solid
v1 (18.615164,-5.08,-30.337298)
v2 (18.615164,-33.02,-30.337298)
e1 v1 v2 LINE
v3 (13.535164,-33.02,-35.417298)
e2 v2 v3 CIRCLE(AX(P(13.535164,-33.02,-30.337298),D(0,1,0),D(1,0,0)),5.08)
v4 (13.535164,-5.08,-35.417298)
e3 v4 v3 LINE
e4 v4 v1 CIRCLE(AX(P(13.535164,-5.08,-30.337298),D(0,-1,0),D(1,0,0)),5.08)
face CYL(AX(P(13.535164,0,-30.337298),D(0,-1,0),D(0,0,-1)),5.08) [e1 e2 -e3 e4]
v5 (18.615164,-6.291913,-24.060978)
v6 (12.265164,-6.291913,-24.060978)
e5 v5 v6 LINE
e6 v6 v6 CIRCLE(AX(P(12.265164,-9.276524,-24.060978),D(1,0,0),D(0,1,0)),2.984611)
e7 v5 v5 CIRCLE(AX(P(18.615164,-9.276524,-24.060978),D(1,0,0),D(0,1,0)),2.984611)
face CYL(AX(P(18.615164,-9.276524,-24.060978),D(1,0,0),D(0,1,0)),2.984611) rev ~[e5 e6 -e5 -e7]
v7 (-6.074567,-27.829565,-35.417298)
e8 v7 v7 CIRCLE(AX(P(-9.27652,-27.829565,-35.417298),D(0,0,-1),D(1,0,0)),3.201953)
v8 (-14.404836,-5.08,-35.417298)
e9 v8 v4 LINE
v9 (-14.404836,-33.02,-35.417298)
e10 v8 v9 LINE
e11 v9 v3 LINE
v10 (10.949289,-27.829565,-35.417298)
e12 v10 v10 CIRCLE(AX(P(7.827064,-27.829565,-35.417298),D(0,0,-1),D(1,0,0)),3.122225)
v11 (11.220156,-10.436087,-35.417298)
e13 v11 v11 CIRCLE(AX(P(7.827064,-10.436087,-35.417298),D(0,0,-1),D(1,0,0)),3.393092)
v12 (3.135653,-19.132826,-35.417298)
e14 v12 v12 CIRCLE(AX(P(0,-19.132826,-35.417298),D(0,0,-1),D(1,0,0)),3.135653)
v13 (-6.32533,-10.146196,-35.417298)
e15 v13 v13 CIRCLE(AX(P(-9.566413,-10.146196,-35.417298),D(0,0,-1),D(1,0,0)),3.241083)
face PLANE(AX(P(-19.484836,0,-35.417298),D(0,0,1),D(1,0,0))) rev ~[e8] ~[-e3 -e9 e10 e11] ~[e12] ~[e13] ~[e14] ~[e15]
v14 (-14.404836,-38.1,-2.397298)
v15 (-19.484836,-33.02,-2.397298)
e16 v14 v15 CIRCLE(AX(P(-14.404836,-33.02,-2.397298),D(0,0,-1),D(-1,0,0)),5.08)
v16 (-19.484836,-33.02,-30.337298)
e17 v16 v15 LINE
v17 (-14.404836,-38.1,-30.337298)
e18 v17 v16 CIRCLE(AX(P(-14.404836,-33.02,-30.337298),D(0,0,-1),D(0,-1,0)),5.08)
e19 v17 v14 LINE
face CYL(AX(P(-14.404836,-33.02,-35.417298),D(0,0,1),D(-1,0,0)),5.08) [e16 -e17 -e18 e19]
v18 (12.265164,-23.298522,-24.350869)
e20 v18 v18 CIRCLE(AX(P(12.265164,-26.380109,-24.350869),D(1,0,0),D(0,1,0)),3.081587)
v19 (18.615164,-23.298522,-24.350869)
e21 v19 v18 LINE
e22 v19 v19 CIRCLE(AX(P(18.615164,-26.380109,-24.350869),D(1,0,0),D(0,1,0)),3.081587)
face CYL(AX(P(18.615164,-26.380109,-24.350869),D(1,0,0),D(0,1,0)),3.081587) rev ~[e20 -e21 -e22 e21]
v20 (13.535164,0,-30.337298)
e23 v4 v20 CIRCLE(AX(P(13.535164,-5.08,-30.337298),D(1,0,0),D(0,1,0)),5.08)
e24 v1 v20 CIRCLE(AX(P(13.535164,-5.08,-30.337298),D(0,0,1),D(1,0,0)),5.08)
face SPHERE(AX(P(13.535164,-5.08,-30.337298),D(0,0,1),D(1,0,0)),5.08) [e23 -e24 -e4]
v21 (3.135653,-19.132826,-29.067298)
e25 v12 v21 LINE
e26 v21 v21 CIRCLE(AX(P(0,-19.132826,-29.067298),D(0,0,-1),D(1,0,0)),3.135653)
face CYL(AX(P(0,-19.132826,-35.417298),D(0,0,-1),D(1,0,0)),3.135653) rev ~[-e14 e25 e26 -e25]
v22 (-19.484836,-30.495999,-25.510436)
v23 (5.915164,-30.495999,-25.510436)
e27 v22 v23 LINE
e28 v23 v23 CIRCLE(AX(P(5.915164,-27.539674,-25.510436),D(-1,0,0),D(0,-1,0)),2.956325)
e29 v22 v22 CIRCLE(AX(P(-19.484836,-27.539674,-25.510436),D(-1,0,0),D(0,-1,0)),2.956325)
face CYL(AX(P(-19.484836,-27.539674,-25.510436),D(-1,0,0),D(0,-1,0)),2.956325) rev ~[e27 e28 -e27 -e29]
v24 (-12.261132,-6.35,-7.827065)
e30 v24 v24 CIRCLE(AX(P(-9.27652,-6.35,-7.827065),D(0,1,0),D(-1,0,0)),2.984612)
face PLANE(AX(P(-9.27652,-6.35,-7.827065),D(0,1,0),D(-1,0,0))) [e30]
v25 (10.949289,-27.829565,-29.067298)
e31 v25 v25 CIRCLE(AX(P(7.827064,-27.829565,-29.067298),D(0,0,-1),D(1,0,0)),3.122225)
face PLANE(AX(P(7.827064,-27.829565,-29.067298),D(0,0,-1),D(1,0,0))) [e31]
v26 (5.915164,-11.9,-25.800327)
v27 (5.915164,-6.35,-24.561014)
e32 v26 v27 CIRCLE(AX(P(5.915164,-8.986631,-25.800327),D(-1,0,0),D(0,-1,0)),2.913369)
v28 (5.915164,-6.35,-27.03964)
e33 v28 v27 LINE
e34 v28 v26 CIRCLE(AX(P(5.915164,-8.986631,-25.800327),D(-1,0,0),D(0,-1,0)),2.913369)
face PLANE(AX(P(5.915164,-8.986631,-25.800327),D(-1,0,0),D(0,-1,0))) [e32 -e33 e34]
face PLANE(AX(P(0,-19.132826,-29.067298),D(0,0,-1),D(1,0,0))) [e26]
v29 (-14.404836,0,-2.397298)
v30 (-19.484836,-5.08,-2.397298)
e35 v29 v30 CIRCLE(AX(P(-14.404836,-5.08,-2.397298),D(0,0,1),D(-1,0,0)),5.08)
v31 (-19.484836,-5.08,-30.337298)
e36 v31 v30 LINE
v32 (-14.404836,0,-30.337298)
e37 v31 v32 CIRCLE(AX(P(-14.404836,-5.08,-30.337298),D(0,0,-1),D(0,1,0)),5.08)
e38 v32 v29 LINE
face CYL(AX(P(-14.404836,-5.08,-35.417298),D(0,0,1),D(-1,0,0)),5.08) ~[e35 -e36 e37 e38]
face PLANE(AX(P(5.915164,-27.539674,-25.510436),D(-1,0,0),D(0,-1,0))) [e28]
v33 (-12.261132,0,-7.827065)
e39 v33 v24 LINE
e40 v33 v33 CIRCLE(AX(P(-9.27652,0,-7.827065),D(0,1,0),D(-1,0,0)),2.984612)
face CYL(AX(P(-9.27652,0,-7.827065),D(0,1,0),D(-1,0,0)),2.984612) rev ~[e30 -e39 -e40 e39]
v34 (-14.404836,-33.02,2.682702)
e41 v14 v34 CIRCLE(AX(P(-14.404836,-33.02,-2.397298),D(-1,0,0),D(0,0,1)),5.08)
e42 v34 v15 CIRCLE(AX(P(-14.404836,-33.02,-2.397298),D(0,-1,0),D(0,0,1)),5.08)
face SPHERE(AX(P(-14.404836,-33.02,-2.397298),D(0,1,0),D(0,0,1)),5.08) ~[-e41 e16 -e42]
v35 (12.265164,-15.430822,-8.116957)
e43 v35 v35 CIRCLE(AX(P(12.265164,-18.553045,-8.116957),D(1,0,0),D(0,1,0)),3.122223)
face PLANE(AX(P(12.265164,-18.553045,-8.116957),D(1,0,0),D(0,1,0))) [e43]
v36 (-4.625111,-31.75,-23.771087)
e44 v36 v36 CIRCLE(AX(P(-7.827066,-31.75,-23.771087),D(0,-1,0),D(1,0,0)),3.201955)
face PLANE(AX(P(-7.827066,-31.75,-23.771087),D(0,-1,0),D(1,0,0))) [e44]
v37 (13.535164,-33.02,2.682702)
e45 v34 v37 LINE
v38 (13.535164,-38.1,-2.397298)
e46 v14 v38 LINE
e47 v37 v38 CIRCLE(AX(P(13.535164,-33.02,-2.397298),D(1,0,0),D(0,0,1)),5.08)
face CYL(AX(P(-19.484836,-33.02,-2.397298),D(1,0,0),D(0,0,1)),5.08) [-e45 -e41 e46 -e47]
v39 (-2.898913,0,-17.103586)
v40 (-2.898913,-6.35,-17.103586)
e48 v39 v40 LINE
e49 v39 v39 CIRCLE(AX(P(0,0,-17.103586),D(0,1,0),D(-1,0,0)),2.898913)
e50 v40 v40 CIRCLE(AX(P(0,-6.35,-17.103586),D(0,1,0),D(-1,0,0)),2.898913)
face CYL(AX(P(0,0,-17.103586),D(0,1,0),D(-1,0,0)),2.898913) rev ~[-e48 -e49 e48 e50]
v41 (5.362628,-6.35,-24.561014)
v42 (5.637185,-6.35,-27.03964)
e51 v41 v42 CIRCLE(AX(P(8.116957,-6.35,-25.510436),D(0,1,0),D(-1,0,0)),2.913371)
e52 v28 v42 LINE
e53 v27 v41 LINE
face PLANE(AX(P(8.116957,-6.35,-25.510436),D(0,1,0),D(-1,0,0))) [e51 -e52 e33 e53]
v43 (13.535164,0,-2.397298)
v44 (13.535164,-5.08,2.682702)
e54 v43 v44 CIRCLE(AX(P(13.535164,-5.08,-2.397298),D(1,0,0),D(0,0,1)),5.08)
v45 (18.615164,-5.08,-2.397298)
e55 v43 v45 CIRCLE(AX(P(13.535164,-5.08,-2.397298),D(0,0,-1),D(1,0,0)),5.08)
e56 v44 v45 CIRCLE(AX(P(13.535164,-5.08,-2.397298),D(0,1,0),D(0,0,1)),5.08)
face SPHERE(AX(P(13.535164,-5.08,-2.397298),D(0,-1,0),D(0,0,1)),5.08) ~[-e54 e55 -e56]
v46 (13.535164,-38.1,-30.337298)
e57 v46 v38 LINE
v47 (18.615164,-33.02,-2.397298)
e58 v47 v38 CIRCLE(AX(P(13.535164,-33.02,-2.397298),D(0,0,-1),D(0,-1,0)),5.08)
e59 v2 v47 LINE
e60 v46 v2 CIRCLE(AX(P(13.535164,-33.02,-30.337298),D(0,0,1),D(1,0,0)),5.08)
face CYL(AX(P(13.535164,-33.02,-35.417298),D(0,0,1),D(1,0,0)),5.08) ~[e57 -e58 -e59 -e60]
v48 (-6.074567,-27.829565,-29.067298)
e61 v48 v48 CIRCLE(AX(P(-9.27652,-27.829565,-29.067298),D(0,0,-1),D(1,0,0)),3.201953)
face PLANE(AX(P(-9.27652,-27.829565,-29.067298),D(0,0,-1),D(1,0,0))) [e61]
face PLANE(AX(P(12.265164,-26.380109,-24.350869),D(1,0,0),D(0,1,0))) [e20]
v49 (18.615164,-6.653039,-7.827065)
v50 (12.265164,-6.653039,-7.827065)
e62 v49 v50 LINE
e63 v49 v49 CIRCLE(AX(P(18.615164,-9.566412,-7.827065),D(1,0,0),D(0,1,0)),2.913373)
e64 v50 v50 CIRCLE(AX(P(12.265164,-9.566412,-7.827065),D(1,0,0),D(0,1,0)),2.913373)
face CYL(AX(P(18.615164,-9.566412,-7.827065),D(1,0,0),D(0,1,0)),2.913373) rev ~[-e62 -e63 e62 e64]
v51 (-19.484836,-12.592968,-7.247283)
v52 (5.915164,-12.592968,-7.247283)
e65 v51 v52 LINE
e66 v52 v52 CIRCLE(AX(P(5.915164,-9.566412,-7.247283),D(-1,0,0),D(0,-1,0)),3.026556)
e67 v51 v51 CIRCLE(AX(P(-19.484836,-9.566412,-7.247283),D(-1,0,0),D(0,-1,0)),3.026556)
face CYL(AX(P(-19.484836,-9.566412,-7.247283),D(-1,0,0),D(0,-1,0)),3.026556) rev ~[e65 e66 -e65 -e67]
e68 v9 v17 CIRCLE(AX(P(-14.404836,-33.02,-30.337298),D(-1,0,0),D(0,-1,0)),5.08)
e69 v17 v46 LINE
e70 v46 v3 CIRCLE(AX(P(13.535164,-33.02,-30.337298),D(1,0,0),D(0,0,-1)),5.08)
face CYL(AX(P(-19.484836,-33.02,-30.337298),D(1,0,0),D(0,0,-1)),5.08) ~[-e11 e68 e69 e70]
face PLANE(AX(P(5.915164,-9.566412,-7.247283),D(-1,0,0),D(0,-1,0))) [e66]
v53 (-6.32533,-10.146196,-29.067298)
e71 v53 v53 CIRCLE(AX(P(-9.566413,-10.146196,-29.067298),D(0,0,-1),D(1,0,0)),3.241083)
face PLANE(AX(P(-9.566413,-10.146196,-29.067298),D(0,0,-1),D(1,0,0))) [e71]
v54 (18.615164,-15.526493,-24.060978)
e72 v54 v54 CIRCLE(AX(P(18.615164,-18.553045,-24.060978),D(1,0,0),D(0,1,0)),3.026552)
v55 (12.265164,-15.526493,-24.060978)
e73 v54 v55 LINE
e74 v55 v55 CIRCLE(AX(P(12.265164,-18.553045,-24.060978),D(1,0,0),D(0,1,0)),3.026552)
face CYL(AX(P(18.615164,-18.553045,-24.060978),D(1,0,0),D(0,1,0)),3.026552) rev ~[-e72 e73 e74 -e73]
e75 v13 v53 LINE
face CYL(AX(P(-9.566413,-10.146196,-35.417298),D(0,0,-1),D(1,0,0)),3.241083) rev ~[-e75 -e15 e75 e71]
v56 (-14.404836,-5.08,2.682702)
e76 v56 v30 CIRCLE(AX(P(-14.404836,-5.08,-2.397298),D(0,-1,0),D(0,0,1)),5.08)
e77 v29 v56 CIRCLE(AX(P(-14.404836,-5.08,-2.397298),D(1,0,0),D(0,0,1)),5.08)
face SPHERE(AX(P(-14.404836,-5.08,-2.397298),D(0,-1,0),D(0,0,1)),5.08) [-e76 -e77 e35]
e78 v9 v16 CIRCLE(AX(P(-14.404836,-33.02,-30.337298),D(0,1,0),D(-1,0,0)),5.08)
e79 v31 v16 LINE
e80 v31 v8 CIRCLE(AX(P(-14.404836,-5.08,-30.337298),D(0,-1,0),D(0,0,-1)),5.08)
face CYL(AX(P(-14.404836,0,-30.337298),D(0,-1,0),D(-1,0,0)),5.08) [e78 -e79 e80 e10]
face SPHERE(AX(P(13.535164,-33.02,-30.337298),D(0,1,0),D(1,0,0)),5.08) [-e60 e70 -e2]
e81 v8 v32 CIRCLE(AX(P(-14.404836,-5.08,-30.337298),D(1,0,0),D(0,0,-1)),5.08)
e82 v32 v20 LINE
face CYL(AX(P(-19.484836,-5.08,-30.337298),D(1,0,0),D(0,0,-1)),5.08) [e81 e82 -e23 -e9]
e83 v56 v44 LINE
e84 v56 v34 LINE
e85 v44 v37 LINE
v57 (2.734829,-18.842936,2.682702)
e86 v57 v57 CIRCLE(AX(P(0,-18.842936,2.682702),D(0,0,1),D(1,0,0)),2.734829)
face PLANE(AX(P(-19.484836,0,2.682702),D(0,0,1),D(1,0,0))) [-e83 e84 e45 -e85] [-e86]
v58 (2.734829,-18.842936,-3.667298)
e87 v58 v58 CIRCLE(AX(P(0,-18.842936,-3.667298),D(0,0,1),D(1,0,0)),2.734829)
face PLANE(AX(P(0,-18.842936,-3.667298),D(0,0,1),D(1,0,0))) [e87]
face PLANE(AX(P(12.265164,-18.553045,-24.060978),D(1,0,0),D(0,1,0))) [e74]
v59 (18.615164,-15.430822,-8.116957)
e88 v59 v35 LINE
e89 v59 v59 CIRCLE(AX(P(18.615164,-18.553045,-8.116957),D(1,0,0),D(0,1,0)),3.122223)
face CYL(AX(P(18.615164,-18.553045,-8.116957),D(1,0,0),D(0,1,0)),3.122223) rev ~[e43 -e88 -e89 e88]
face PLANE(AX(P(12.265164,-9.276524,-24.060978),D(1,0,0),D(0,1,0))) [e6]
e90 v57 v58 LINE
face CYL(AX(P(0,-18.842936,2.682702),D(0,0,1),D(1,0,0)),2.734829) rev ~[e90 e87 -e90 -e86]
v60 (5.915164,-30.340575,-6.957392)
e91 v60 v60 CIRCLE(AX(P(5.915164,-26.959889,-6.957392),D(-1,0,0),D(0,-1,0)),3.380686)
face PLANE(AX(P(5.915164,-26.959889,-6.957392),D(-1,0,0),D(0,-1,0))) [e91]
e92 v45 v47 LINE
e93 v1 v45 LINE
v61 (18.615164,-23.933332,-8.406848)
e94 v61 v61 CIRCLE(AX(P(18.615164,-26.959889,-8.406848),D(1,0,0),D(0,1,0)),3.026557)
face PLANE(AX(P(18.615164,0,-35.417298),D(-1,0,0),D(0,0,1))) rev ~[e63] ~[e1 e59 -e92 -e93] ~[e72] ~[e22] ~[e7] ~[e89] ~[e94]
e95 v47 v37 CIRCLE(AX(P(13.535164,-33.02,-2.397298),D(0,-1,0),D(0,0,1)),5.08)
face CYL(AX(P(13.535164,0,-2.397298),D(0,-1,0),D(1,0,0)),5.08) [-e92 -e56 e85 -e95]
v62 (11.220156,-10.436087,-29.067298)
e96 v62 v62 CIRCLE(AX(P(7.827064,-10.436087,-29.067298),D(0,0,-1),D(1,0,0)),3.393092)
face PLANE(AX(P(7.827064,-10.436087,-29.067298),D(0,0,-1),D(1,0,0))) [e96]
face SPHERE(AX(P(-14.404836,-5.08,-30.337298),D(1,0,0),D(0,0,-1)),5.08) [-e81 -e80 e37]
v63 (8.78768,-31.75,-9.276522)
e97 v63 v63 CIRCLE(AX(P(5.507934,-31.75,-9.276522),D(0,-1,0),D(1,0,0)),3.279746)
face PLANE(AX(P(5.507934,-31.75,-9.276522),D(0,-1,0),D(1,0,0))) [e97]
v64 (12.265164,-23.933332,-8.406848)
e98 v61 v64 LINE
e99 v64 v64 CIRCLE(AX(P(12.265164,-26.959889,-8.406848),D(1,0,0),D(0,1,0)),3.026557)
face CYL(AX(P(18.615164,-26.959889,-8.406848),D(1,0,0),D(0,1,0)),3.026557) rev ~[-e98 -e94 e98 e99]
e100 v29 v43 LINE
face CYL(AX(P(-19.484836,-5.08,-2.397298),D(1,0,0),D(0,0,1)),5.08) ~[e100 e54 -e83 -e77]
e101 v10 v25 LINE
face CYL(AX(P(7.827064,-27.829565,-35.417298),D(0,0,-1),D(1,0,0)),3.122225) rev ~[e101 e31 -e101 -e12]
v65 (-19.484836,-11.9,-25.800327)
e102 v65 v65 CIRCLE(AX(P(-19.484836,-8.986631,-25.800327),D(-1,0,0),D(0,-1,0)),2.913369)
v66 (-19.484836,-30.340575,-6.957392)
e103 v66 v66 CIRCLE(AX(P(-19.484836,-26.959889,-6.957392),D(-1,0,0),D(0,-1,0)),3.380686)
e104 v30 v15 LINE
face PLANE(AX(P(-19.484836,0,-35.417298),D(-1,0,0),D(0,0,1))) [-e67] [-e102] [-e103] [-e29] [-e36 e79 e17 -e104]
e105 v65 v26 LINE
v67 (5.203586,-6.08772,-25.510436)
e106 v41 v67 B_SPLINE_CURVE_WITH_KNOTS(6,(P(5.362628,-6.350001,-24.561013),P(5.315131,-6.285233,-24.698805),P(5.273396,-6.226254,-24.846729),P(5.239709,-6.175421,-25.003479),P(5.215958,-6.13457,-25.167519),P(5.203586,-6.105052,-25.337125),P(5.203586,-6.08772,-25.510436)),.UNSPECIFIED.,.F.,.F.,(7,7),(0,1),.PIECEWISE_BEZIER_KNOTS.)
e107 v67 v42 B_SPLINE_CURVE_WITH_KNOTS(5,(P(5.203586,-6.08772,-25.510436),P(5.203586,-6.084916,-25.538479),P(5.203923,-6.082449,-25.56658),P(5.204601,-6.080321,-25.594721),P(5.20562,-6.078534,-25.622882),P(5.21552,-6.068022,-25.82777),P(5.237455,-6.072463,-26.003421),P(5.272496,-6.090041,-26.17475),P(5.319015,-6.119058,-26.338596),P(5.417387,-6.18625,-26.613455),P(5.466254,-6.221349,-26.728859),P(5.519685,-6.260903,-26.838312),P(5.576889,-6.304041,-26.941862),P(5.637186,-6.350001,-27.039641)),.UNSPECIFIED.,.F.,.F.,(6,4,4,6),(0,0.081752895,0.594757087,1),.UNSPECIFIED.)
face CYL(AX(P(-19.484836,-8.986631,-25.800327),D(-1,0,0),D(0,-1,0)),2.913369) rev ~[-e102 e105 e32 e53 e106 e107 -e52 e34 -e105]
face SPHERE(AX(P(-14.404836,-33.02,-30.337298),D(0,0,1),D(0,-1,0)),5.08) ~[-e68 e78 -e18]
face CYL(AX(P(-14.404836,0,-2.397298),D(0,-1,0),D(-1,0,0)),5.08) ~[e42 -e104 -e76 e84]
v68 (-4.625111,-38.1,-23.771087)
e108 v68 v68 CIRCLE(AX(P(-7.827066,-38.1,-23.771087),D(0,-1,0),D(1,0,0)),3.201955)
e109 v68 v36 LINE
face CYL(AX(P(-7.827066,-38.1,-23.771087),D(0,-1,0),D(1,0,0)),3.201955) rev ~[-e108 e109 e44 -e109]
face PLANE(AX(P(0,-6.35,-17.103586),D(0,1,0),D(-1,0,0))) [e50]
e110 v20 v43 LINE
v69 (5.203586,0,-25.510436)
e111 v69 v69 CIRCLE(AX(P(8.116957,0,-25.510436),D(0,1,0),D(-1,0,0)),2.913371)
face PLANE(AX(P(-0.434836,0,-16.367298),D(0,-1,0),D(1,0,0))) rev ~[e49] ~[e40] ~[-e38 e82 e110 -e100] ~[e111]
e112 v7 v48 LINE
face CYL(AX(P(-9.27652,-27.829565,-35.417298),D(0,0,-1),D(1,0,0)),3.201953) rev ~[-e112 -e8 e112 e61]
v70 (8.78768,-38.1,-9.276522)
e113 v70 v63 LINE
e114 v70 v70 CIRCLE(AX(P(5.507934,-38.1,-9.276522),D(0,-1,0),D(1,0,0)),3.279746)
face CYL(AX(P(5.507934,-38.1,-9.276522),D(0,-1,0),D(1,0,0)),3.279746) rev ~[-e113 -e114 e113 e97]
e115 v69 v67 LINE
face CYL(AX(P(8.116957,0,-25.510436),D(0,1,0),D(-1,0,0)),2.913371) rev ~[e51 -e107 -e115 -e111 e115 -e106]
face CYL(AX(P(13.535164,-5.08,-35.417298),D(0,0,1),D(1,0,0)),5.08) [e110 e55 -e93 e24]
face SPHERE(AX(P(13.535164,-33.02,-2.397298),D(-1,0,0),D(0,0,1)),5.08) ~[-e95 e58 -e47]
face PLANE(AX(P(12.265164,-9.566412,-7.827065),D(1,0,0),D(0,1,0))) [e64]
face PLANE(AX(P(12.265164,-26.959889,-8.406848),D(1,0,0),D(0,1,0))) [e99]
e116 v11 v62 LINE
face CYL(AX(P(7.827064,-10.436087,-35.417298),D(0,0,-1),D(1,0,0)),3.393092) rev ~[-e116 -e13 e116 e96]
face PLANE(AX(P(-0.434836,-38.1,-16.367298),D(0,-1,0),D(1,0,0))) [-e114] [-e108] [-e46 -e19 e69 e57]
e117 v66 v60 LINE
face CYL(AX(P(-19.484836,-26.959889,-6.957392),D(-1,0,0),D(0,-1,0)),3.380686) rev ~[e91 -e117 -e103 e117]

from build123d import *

# Parameters (mm, degrees)
F0_W      = 38.1
F0_H      = 38.1
F1_DEPTH  = 38.1
F2_R      = 5.08
F3_R      = 2.734829
F4_DEPTH  = 6.35
F5_R      = 3.201955
F5_R_2    = 3.279746
F6_DEPTH  = 6.35
F7_R      = 3.135653
F7_R_2    = 3.122225
F7_R_3    = 3.201953
F7_R_4    = 3.241083
F7_R_5    = 3.393092
F8_DEPTH  = 6.35
F9_R      = 2.898913
F9_R_2    = 2.984612
F9_R_3    = 2.913371
F10_DEPTH = 6.35
F11_R     = 3.026556
F11_R_2   = 2.956325
F11_R_3   = 3.380686
F11_R_4   = 2.913369
F12_DEPTH = 25.4
F13_R     = 3.026552
F13_R_2   = 3.122223
F13_R_3   = 3.026557
F13_R_4   = 3.081587
F13_R_5   = 2.984611
F13_R_6   = 2.913373
F14_DEPTH = 6.35


with BuildPart() as f1:
    # F0 (on Front) → F1 (new body)
    with BuildSketch(Plane.XZ):
        with Locations((-0.434836, -16.367298)):
            Rectangle(F0_W, F0_H)
    extrude(amount=F1_DEPTH)

    # F2
    f2_edges = [f1.edges().sort_by_distance(p)[0] for p in [
        (-19.484836, -19.05, 2.682702),
        (-0.434836, -38.1, 2.682702),
        (18.615164, -19.05, 2.682702),
        (-0.434836, 0, 2.682702),
        (18.615164, 0, -16.367298),
        (18.615164, -19.05, -35.417298),
        (-0.434836, 0, -35.417298),
        (18.615164, -38.1, -16.367298),
        (-19.484836, -38.1, -16.367298),
        (-0.434836, -38.1, -35.417298),
        (-19.484836, -19.05, -35.417298),
        (-19.484836, 0, -16.367298),
    ]]
    fillet(f2_edges, radius=F2_R)

    # F3 (on face) → F4 (cut)
    with BuildSketch(Plane.XY.offset(2.682702)):
        with Locations((0, -18.842936)):
            Circle(F3_R)
    extrude(amount=-F4_DEPTH, mode=Mode.SUBTRACT)

    # F5 (on face) → F6 (cut)
    with BuildSketch(Plane.XZ.offset(38.1)):
        with Locations((-7.827066, -23.771087)):
            Circle(F5_R)
        with Locations((5.507934, -9.276522)):
            Circle(F5_R_2)
    extrude(amount=-F6_DEPTH, mode=Mode.SUBTRACT)

    # F7 (on face) → F8 (cut)
    with BuildSketch(Plane(origin=(0, 0, -35.417298), x_dir=(1, 0, 0), z_dir=(0, 0, -1))):
        with Locations((0, 19.132826)):
            Circle(F7_R)
        with Locations((7.827064, 27.829565)):
            Circle(F7_R_2)
        with Locations((-9.27652, 27.829565)):
            Circle(F7_R_3)
        with Locations((-9.566413, 10.146196)):
            Circle(F7_R_4)
        with Locations((7.827064, 10.436087)):
            Circle(F7_R_5)
    extrude(amount=-F8_DEPTH, mode=Mode.SUBTRACT)

    # F9 (on face) → F10 (cut)
    with BuildSketch(Plane(origin=(0, 0, 0), x_dir=(-1, 0, 0), z_dir=(0, 1, 0))):
        with Locations((0, -17.103586)):
            Circle(F9_R)
        with Locations((9.27652, -7.827065)):
            Circle(F9_R_2)
        with Locations((-8.116957, -25.510436)):
            Circle(F9_R_3)
    extrude(amount=-F10_DEPTH, mode=Mode.SUBTRACT)

    # F11 (on face) → F12 (cut)
    with BuildSketch(Plane(origin=(-19.484836, 0, 0), x_dir=(0, -1, 0), z_dir=(-1, 0, 0))):
        with Locations((9.566412, -7.247283)):
            Circle(F11_R)
        with Locations((27.539674, -25.510436)):
            Circle(F11_R_2)
        with Locations((26.959889, -6.957392)):
            Circle(F11_R_3)
        with Locations((8.986631, -25.800327)):
            Circle(F11_R_4)
    extrude(amount=-F12_DEPTH, mode=Mode.SUBTRACT)

    # F13 (on face) → F14 (cut)
    with BuildSketch(Plane.YZ.offset(18.615164)):
        with Locations((-18.553045, -24.060978)):
            Circle(F13_R)
        with Locations((-18.553045, -8.116957)):
            Circle(F13_R_2)
        with Locations((-26.959889, -8.406848)):
            Circle(F13_R_3)
        with Locations((-26.380109, -24.350869)):
            Circle(F13_R_4)
        with Locations((-9.276524, -24.060978)):
            Circle(F13_R_5)
        with Locations((-9.566412, -7.827065)):
            Circle(F13_R_6)
    extrude(amount=-F14_DEPTH, mode=Mode.SUBTRACT)


solid = f1.part
